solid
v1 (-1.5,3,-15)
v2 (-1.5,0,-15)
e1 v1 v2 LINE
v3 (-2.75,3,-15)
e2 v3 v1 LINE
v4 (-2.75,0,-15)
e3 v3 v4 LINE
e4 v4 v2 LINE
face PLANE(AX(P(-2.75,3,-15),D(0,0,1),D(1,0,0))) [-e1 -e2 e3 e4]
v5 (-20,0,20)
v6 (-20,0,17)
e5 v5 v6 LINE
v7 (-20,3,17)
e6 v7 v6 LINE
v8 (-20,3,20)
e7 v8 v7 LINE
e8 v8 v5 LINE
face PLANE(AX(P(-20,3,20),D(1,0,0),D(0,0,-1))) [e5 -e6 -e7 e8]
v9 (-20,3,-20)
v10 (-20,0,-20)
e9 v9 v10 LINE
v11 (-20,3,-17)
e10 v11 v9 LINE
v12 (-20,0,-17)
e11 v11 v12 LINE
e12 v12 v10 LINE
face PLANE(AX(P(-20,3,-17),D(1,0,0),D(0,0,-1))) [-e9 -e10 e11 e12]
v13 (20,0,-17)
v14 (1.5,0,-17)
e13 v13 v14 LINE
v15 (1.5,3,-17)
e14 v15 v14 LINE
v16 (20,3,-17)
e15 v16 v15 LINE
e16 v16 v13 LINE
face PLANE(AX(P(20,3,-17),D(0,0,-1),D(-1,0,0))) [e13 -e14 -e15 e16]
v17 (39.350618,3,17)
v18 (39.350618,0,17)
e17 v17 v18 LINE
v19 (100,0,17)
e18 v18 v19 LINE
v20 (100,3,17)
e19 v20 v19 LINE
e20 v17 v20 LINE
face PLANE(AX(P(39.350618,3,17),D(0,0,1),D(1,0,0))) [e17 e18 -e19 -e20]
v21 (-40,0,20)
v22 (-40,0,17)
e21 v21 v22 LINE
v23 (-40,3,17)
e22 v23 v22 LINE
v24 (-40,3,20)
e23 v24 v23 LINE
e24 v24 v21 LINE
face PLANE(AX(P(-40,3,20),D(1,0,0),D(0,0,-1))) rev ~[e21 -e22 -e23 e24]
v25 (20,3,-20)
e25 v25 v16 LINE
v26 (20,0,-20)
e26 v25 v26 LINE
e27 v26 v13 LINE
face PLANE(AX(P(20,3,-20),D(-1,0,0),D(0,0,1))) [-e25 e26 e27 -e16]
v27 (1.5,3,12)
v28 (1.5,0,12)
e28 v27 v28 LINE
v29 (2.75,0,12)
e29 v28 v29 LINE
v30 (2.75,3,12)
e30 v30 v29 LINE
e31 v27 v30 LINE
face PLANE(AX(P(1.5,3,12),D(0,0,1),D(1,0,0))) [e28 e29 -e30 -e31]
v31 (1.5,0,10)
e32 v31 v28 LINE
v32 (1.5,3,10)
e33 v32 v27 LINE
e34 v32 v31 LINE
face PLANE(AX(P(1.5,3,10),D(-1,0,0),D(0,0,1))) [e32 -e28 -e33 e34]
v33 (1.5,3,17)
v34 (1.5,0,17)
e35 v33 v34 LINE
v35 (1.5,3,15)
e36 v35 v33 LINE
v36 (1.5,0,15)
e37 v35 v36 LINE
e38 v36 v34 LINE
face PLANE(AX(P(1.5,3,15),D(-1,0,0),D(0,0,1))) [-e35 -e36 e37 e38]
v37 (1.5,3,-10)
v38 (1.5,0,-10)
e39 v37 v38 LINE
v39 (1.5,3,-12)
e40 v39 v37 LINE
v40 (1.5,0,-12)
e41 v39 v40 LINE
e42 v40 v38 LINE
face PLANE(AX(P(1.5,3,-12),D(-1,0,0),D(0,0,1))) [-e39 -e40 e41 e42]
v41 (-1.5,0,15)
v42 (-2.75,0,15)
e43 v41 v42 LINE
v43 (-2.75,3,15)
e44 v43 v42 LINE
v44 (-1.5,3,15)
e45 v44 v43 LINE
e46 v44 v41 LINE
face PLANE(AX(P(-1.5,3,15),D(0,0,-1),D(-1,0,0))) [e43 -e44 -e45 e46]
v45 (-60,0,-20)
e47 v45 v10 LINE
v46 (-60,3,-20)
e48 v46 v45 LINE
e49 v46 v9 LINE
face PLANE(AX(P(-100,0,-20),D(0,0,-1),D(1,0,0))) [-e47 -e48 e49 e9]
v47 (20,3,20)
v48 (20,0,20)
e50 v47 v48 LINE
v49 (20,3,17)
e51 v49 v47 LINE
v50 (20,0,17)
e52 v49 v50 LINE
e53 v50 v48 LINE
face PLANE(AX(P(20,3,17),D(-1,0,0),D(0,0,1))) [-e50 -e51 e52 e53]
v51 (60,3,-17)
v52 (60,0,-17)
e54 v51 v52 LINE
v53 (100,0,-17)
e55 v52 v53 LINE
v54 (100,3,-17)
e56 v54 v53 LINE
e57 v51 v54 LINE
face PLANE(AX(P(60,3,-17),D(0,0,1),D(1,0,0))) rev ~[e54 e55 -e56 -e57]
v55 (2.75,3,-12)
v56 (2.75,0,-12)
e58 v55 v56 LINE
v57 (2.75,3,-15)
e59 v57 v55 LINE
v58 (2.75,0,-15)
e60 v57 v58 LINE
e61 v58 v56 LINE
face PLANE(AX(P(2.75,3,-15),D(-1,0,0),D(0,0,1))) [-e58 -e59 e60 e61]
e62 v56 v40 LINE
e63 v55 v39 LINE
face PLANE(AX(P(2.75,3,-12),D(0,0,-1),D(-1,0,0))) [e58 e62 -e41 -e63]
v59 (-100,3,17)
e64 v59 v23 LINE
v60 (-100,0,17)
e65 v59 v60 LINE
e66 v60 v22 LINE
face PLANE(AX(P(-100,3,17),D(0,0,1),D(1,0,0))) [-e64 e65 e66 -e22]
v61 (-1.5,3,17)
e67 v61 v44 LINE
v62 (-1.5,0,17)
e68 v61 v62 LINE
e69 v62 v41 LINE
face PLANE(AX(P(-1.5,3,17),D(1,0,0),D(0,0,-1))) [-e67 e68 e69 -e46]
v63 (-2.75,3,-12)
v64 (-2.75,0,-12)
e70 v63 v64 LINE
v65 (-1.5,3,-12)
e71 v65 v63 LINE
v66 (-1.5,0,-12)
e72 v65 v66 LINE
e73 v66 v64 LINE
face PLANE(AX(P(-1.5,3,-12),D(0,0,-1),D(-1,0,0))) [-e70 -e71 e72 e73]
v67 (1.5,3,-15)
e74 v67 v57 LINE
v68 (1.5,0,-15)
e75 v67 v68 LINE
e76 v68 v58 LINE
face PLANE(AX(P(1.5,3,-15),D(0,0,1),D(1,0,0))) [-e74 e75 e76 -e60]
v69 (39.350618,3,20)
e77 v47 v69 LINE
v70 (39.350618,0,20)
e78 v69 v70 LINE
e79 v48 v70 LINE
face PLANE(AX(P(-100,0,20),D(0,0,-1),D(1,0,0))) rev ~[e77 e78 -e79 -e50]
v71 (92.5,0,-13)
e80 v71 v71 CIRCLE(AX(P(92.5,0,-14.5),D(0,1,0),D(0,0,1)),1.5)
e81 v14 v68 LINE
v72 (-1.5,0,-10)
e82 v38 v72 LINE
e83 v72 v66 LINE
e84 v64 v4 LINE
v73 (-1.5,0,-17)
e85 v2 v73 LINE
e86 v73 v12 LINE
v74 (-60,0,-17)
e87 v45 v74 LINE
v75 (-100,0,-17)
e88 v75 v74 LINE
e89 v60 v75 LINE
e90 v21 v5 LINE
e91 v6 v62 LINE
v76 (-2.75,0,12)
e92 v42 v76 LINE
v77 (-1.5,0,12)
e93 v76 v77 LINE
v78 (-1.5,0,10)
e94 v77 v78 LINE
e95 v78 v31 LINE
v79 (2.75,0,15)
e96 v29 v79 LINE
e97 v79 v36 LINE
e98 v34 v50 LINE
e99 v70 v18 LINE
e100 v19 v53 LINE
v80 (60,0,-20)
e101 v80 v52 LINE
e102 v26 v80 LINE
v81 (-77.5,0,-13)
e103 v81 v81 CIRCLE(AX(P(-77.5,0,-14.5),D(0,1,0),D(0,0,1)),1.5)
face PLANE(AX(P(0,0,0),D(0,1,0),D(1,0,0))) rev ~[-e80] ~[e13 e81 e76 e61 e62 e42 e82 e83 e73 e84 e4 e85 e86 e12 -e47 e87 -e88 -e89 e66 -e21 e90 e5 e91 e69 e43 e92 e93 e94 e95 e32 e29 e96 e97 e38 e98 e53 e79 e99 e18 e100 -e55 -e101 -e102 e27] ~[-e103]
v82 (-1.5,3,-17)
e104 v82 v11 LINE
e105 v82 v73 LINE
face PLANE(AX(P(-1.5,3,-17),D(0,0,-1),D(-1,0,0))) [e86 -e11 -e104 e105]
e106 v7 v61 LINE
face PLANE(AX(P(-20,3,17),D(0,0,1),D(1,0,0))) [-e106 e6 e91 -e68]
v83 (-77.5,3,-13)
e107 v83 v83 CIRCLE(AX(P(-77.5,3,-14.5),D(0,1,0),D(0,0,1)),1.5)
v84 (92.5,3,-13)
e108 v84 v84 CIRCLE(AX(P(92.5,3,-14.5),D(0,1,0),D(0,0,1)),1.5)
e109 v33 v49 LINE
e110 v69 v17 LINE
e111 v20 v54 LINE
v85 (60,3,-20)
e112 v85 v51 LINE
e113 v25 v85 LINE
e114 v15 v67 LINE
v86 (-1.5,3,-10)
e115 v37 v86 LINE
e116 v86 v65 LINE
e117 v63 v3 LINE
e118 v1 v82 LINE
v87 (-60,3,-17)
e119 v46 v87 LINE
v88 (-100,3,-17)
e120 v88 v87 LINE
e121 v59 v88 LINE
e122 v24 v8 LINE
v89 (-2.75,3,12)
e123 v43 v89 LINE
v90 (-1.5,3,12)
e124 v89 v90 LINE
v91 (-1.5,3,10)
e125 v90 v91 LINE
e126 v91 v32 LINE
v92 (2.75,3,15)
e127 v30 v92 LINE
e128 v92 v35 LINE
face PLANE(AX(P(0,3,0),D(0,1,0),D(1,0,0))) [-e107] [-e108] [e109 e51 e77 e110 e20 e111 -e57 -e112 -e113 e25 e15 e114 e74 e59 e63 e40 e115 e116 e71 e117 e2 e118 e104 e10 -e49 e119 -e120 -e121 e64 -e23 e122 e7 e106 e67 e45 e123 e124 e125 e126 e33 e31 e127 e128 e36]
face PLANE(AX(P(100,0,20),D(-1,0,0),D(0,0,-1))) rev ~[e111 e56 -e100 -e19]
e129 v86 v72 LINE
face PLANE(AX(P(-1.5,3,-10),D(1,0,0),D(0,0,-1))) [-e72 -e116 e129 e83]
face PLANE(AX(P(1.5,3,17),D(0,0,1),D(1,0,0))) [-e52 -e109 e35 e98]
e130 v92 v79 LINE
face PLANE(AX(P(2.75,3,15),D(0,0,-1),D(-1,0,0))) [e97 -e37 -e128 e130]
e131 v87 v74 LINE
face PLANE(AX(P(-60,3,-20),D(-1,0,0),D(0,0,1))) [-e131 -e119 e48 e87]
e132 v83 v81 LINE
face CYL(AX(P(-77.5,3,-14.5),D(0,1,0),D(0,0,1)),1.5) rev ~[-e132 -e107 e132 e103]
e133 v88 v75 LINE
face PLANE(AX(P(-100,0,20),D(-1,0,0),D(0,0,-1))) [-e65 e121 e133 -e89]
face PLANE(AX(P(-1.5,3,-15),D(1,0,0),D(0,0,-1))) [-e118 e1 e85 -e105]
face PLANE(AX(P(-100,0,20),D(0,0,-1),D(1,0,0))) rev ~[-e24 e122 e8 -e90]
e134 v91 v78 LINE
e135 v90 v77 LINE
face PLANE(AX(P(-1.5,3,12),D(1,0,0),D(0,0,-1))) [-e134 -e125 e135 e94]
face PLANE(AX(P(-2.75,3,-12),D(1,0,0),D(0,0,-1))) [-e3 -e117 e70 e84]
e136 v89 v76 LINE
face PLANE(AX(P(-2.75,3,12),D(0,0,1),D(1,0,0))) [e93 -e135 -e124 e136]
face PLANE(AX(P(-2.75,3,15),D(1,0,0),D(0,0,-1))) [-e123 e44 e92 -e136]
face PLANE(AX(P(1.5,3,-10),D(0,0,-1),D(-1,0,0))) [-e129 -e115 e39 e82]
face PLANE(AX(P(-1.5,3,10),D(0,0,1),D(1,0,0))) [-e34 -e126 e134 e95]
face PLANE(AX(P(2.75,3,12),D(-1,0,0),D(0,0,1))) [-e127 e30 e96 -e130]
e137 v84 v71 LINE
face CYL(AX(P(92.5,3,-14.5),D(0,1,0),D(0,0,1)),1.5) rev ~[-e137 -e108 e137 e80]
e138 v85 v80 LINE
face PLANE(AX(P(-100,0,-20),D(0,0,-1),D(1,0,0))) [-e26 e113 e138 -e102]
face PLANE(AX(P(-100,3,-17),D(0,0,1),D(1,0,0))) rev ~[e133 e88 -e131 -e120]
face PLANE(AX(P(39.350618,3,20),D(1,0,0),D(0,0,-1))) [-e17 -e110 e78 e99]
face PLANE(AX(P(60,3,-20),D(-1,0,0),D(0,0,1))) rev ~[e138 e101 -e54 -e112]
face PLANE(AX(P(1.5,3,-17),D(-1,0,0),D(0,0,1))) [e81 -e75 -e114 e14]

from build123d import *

# Parameters (mm, degrees)
SKETCH1_W           = 200
SKETCH1_H           = 40
BOSS_EXTRUDE1_DEPTH = 3
SKETCH3_W           = 60
SKETCH3_H           = 3
SKETCH3_W_2         = 60.649381746
CUT_EXTRUDE1_DEPTH  = 3
SKETCH4_R           = 1.5
CUT_EXTRUDE2_DEPTH  = 3


with BuildPart() as part:
    # Sketch1 → Boss-Extrude1 (new body)
    with BuildSketch(Plane(origin=(0, 0, 0), x_dir=(1, 0, 0), z_dir=(0, 1, 0))):
        Rectangle(SKETCH1_W, SKETCH1_H)
    extrude(amount=BOSS_EXTRUDE1_DEPTH)

    # Sketch3 → Cut-Extrude1 (cut)
    with BuildSketch(Plane(origin=(0, 3, 0), x_dir=(1, 0, 0), z_dir=(0, 1, 0))):
        Polygon((-20, -20), (-20, -17), (-1.5, -17), (-1.5, -15), (-2.75, -15), (-2.75, -12), (-1.5, -12), (-1.5, -10), (1.5, -10), (1.5, -12), (2.75, -12), (2.75, -15), (1.5, -15), (1.5, -17), (20, -17), (20, -20), align=None)
        with Locations((-70, -18.5)):
            Rectangle(SKETCH3_W, SKETCH3_H)
        with Locations((69.675309127, -18.5)):
            Rectangle(SKETCH3_W_2, SKETCH3_H)
        Polygon((85, 17), (100, 17), (100, 20), (60, 20), (60, 17), (82, 17), align=None)
        Polygon((20, 20), (20, 17), (1.5, 17), (1.5, 15), (2.75, 15), (2.75, 12), (1.5, 12), (1.5, 10), (-1.5, 10), (-1.5, 12), (-2.75, 12), (-2.75, 15), (-1.5, 15), (-1.5, 17), (-20, 17), (-20, 20), align=None)
        Polygon((-60, 20), (-60, 17), (-82, 17), (-85, 17), (-100, 17), (-100, 20), align=None)
    extrude(amount=-CUT_EXTRUDE1_DEPTH, mode=Mode.SUBTRACT)

    # Sketch4 → Cut-Extrude2 (cut)
    with BuildSketch(Plane(origin=(0, 3, 0), x_dir=(1, 0, 0), z_dir=(0, 1, 0))):
        with Locations(Location((92.5, 14.5, 0), (0, 0, 270))):
            Circle(SKETCH4_R)
        with Locations(Location((-77.5, 14.5, 0), (0, 0, 270))):
            Circle(SKETCH4_R)
    extrude(amount=-CUT_EXTRUDE2_DEPTH, mode=Mode.SUBTRACT)


solid = part.part
